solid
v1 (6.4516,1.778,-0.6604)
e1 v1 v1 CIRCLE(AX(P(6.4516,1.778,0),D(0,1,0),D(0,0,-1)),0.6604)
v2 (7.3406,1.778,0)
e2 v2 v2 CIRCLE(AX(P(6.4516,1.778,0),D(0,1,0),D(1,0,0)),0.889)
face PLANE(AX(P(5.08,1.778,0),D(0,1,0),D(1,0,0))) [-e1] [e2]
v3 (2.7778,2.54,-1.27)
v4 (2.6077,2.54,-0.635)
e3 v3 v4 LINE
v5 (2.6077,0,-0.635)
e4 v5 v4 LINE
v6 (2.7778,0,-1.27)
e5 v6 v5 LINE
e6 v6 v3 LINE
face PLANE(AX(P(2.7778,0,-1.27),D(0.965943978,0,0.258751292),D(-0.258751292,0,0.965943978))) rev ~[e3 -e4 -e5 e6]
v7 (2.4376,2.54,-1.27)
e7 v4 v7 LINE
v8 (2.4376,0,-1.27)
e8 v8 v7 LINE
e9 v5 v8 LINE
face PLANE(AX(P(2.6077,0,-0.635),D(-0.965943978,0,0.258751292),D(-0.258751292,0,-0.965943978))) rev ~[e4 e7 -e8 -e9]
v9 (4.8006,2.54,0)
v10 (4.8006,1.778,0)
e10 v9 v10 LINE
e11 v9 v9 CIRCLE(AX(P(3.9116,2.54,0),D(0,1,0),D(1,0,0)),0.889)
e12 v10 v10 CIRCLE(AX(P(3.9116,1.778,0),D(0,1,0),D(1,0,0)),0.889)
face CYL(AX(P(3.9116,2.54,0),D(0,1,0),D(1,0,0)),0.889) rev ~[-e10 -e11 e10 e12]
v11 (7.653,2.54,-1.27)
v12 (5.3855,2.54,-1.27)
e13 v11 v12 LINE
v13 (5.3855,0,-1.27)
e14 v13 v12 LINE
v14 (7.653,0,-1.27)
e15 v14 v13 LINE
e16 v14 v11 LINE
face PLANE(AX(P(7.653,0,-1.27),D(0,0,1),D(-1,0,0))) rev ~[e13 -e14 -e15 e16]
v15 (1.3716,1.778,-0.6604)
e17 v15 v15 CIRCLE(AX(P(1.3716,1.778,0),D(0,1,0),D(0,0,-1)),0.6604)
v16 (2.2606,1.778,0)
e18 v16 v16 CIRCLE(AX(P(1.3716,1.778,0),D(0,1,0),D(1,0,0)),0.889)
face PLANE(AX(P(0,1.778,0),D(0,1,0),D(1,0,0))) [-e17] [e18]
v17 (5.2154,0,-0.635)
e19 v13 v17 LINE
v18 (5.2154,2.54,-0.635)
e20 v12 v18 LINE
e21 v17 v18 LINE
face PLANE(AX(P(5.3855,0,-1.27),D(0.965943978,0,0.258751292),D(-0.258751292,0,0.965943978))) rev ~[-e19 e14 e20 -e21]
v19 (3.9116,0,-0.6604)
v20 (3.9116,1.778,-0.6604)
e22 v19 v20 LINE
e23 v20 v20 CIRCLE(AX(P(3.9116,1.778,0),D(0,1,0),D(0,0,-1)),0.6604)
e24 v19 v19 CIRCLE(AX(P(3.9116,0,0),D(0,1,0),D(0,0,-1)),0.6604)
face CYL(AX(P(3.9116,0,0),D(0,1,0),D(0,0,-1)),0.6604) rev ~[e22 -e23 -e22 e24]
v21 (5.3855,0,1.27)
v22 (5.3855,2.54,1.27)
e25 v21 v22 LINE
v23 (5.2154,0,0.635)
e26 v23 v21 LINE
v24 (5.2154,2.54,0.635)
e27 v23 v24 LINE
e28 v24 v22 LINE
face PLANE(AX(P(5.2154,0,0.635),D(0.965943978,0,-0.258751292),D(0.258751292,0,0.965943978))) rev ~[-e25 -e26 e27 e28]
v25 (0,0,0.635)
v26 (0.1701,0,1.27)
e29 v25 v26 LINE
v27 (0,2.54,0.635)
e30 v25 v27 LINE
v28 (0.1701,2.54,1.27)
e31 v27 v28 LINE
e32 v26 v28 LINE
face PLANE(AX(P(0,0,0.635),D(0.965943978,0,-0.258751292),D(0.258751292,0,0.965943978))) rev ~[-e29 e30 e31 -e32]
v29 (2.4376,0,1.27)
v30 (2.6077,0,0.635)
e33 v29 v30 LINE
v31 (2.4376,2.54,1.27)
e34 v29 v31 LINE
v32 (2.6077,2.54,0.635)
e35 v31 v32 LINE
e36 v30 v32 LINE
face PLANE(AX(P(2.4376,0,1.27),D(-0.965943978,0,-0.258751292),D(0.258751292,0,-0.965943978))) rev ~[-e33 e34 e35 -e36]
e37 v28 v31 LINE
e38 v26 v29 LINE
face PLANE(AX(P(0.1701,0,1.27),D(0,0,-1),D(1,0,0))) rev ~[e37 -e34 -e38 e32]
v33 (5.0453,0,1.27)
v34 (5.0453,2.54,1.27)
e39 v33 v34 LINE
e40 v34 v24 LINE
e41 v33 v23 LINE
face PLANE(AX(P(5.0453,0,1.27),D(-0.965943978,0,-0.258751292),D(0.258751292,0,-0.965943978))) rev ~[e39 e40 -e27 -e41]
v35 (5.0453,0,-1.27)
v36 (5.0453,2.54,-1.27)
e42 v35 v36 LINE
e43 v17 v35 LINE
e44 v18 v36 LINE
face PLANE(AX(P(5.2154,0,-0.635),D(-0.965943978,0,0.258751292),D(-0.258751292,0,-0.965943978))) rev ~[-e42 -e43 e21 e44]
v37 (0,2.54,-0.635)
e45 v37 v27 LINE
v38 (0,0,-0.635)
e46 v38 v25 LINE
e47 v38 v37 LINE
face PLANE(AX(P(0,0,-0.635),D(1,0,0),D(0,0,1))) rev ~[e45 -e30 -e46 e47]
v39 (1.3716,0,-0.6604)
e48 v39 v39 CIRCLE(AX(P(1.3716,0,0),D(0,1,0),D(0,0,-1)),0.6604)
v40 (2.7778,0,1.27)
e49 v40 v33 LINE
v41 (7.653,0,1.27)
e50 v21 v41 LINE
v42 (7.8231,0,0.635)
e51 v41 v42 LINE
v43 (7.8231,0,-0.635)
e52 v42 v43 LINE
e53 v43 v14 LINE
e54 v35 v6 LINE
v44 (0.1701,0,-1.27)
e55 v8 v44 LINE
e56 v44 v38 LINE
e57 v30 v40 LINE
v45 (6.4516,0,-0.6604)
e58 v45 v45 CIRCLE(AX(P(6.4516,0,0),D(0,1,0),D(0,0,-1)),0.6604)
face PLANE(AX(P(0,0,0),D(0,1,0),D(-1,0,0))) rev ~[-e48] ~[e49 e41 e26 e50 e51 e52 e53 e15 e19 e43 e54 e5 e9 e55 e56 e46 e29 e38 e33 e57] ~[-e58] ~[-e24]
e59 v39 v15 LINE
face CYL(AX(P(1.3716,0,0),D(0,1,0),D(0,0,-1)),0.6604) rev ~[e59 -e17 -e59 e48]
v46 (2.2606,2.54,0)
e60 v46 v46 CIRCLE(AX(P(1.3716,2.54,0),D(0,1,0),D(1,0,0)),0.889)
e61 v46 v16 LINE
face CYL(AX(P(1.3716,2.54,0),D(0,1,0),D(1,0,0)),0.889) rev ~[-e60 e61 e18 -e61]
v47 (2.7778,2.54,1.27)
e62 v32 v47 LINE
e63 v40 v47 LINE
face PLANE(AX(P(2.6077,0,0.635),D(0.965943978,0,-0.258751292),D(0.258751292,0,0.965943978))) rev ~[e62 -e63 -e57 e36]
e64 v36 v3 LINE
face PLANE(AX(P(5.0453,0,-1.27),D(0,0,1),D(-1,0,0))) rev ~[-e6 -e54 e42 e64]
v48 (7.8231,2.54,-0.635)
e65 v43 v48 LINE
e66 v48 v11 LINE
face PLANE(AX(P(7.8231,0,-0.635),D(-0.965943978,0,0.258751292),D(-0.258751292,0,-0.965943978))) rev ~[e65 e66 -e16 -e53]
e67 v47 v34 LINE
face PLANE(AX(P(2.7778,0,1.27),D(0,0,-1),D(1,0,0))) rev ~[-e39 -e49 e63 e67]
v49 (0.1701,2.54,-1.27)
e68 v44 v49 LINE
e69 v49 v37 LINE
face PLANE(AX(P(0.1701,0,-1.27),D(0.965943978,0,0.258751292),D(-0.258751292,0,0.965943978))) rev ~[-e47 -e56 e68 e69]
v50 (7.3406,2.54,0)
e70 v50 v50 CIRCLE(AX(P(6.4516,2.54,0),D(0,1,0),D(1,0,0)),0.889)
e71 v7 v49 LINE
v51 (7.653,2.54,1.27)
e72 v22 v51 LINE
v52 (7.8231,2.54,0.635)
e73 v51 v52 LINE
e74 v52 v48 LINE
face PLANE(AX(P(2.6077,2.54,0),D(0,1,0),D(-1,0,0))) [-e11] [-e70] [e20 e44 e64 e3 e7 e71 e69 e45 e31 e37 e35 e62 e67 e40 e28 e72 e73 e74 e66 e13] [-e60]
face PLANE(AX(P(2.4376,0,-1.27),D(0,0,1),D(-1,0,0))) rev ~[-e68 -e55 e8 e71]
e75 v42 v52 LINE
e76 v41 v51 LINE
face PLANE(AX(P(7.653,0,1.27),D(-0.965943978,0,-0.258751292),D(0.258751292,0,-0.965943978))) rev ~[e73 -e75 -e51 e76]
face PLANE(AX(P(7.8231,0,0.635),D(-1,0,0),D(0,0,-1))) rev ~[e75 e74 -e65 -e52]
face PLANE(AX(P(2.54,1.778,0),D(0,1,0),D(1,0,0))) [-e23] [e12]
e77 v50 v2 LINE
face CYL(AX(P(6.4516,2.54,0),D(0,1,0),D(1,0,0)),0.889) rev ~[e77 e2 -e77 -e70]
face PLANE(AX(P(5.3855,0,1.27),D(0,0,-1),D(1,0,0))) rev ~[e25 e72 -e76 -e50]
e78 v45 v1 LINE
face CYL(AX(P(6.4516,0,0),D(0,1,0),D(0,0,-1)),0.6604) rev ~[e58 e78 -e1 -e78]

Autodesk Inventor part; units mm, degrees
sketch "Sketch_17" plane through (0, 0, 0) normal (0, 1, 0) x (-1, 0, 0)
  line L0 (-0.254, -0.635) -> (-0.254, 0.635)
  line L1 (-0.254, 0.635) -> (-7.5692, 0.635)
  line L2 (-7.5692, 0.635) -> (-7.5692, -0.635)
  line L3 (-7.5692, -0.635) -> (-0.254, -0.635)
extrude "Extrusion1" add sketch "Sketch_17" along normal blind 2.54
sketch "Sketch_3" plane through (0, 0, 0) normal (0, 1, 0) x (-1, 0, 0)
  line L0 (0, 0.635) -> (-0.1701, 1.27)
  line L1 (-0.1701, 1.27) -> (-2.4376, 1.27)
  line L2 (-2.4376, 1.27) -> (-2.6077, 0.635)
  line L3 (-2.6077, 0.635) -> (-2.6077, -0.635)
  line L4 (-2.6077, -0.635) -> (-2.4376, -1.27)
  line L5 (-2.4376, -1.27) -> (-0.1701, -1.27)
  line L6 (-0.1701, -1.27) -> (0, -0.635)
  line L7 (0, -0.635) -> (0, 0.635)
extrude "Extrusion2" add sketch "Sketch_3" along normal blind 2.54
pattern_linear "Rectangular Pattern1" count 3 spacing 2.6077 along (1, 0, 0) of "Extrusion2"
sketch "Sketch3" plane through (0, 0, 0) normal (0, -1, 0) x (1, 0, 0)
  point P0 (1.3716, 0)
hole "Hole1" at (1.3716, 0, 0) direction (0, 1, 0) diameter 1.3208 depth 2.54
pattern_linear "Rectangular Pattern2" count 3 spacing 2.54 along (1, 0, 0) of "Hole1"
sketch "Sketch_7" plane through (0, 2.54, 0) normal (0, 1, 0) x (1, 0, 0)
  circle A0 centre (1.3716, 0) radius 0.889
extrude "Extrusion3" cut sketch "Sketch_7" against normal blind 0.762
pattern_linear "Rectangular Pattern3" count 3 spacing 2.54 along (1, 0, 0) of "Extrusion3"
ref_plane "socket_XY" through (3.9116, 0, 0) normal (0, 1, 0) x (1, 0, 0)
ref_plane "socket_YZ" through (3.9116, 0, 0) normal (1, 0, 0) x (0, 0, -1)
ref_plane "socket_ZX" through (3.9116, 0, 0) normal (0, 0, -1) x (0, 1, 0)
ref_plane "to_pin_1_XY" through (1.3716, 2.7432, 0) normal (0, 1, 0) x (1, 0, 0)
ref_plane "to_pin_1_YZ" through (1.3716, 2.7432, 0) normal (1, 0, 0) x (0, 0, -1)
ref_plane "to_pin_1_ZX" through (1.3716, 2.7432, 0) normal (0, 0, -1) x (0, 1, 0)
ref_plane "to_pin_2_XY" through (3.9116, 2.7432, 0) normal (0, 1, 0) x (1, 0, 0)
ref_plane "to_pin_2_YZ" through (3.9116, 2.7432, 0) normal (1, 0, 0) x (0, 0, -1)
ref_plane "to_pin_2_ZX" through (3.9116, 2.7432, 0) normal (0, 0, -1) x (0, 1, 0)
ref_plane "to_pin_3_XY" through (6.4516, 2.7432, 0) normal (0, 1, 0) x (1, 0, 0)
ref_plane "to_pin_3_YZ" through (6.4516, 2.7432, 0) normal (1, 0, 0) x (0, 0, -1)
ref_plane "to_pin_3_ZX" through (6.4516, 2.7432, 0) normal (0, 0, -1) x (0, 1, 0)
ref_plane "to_pin2_1_XY" through (1.3716, 2.7432, 0) normal (0, 1, 0) x (1, 0, 0)
ref_plane "to_pin2_1_YZ" through (1.3716, 2.7432, 0) normal (1, 0, 0) x (0, 0, -1)
ref_plane "to_pin2_1_ZX" through (1.3716, 2.7432, 0) normal (0, 0, -1) x (0, 1, 0)
ref_plane "to_pin2_2_XY" through (3.9116, 2.7432, 0) normal (0, 1, 0) x (1, 0, 0)
ref_plane "to_pin2_2_YZ" through (3.9116, 2.7432, 0) normal (1, 0, 0) x (0, 0, -1)
ref_plane "to_pin2_2_ZX" through (3.9116, 2.7432, 0) normal (0, 0, -1) x (0, 1, 0)
ref_plane "to_pin2_3_XY" through (6.4516, 2.7432, 0) normal (0, 1, 0) x (1, 0, 0)
ref_plane "to_pin2_3_YZ" through (6.4516, 2.7432, 0) normal (1, 0, 0) x (0, 0, -1)
ref_plane "to_pin2_3_ZX" through (6.4516, 2.7432, 0) normal (0, 0, -1) x (0, 1, 0)
properties part number "TS-103-G-A_socket"
